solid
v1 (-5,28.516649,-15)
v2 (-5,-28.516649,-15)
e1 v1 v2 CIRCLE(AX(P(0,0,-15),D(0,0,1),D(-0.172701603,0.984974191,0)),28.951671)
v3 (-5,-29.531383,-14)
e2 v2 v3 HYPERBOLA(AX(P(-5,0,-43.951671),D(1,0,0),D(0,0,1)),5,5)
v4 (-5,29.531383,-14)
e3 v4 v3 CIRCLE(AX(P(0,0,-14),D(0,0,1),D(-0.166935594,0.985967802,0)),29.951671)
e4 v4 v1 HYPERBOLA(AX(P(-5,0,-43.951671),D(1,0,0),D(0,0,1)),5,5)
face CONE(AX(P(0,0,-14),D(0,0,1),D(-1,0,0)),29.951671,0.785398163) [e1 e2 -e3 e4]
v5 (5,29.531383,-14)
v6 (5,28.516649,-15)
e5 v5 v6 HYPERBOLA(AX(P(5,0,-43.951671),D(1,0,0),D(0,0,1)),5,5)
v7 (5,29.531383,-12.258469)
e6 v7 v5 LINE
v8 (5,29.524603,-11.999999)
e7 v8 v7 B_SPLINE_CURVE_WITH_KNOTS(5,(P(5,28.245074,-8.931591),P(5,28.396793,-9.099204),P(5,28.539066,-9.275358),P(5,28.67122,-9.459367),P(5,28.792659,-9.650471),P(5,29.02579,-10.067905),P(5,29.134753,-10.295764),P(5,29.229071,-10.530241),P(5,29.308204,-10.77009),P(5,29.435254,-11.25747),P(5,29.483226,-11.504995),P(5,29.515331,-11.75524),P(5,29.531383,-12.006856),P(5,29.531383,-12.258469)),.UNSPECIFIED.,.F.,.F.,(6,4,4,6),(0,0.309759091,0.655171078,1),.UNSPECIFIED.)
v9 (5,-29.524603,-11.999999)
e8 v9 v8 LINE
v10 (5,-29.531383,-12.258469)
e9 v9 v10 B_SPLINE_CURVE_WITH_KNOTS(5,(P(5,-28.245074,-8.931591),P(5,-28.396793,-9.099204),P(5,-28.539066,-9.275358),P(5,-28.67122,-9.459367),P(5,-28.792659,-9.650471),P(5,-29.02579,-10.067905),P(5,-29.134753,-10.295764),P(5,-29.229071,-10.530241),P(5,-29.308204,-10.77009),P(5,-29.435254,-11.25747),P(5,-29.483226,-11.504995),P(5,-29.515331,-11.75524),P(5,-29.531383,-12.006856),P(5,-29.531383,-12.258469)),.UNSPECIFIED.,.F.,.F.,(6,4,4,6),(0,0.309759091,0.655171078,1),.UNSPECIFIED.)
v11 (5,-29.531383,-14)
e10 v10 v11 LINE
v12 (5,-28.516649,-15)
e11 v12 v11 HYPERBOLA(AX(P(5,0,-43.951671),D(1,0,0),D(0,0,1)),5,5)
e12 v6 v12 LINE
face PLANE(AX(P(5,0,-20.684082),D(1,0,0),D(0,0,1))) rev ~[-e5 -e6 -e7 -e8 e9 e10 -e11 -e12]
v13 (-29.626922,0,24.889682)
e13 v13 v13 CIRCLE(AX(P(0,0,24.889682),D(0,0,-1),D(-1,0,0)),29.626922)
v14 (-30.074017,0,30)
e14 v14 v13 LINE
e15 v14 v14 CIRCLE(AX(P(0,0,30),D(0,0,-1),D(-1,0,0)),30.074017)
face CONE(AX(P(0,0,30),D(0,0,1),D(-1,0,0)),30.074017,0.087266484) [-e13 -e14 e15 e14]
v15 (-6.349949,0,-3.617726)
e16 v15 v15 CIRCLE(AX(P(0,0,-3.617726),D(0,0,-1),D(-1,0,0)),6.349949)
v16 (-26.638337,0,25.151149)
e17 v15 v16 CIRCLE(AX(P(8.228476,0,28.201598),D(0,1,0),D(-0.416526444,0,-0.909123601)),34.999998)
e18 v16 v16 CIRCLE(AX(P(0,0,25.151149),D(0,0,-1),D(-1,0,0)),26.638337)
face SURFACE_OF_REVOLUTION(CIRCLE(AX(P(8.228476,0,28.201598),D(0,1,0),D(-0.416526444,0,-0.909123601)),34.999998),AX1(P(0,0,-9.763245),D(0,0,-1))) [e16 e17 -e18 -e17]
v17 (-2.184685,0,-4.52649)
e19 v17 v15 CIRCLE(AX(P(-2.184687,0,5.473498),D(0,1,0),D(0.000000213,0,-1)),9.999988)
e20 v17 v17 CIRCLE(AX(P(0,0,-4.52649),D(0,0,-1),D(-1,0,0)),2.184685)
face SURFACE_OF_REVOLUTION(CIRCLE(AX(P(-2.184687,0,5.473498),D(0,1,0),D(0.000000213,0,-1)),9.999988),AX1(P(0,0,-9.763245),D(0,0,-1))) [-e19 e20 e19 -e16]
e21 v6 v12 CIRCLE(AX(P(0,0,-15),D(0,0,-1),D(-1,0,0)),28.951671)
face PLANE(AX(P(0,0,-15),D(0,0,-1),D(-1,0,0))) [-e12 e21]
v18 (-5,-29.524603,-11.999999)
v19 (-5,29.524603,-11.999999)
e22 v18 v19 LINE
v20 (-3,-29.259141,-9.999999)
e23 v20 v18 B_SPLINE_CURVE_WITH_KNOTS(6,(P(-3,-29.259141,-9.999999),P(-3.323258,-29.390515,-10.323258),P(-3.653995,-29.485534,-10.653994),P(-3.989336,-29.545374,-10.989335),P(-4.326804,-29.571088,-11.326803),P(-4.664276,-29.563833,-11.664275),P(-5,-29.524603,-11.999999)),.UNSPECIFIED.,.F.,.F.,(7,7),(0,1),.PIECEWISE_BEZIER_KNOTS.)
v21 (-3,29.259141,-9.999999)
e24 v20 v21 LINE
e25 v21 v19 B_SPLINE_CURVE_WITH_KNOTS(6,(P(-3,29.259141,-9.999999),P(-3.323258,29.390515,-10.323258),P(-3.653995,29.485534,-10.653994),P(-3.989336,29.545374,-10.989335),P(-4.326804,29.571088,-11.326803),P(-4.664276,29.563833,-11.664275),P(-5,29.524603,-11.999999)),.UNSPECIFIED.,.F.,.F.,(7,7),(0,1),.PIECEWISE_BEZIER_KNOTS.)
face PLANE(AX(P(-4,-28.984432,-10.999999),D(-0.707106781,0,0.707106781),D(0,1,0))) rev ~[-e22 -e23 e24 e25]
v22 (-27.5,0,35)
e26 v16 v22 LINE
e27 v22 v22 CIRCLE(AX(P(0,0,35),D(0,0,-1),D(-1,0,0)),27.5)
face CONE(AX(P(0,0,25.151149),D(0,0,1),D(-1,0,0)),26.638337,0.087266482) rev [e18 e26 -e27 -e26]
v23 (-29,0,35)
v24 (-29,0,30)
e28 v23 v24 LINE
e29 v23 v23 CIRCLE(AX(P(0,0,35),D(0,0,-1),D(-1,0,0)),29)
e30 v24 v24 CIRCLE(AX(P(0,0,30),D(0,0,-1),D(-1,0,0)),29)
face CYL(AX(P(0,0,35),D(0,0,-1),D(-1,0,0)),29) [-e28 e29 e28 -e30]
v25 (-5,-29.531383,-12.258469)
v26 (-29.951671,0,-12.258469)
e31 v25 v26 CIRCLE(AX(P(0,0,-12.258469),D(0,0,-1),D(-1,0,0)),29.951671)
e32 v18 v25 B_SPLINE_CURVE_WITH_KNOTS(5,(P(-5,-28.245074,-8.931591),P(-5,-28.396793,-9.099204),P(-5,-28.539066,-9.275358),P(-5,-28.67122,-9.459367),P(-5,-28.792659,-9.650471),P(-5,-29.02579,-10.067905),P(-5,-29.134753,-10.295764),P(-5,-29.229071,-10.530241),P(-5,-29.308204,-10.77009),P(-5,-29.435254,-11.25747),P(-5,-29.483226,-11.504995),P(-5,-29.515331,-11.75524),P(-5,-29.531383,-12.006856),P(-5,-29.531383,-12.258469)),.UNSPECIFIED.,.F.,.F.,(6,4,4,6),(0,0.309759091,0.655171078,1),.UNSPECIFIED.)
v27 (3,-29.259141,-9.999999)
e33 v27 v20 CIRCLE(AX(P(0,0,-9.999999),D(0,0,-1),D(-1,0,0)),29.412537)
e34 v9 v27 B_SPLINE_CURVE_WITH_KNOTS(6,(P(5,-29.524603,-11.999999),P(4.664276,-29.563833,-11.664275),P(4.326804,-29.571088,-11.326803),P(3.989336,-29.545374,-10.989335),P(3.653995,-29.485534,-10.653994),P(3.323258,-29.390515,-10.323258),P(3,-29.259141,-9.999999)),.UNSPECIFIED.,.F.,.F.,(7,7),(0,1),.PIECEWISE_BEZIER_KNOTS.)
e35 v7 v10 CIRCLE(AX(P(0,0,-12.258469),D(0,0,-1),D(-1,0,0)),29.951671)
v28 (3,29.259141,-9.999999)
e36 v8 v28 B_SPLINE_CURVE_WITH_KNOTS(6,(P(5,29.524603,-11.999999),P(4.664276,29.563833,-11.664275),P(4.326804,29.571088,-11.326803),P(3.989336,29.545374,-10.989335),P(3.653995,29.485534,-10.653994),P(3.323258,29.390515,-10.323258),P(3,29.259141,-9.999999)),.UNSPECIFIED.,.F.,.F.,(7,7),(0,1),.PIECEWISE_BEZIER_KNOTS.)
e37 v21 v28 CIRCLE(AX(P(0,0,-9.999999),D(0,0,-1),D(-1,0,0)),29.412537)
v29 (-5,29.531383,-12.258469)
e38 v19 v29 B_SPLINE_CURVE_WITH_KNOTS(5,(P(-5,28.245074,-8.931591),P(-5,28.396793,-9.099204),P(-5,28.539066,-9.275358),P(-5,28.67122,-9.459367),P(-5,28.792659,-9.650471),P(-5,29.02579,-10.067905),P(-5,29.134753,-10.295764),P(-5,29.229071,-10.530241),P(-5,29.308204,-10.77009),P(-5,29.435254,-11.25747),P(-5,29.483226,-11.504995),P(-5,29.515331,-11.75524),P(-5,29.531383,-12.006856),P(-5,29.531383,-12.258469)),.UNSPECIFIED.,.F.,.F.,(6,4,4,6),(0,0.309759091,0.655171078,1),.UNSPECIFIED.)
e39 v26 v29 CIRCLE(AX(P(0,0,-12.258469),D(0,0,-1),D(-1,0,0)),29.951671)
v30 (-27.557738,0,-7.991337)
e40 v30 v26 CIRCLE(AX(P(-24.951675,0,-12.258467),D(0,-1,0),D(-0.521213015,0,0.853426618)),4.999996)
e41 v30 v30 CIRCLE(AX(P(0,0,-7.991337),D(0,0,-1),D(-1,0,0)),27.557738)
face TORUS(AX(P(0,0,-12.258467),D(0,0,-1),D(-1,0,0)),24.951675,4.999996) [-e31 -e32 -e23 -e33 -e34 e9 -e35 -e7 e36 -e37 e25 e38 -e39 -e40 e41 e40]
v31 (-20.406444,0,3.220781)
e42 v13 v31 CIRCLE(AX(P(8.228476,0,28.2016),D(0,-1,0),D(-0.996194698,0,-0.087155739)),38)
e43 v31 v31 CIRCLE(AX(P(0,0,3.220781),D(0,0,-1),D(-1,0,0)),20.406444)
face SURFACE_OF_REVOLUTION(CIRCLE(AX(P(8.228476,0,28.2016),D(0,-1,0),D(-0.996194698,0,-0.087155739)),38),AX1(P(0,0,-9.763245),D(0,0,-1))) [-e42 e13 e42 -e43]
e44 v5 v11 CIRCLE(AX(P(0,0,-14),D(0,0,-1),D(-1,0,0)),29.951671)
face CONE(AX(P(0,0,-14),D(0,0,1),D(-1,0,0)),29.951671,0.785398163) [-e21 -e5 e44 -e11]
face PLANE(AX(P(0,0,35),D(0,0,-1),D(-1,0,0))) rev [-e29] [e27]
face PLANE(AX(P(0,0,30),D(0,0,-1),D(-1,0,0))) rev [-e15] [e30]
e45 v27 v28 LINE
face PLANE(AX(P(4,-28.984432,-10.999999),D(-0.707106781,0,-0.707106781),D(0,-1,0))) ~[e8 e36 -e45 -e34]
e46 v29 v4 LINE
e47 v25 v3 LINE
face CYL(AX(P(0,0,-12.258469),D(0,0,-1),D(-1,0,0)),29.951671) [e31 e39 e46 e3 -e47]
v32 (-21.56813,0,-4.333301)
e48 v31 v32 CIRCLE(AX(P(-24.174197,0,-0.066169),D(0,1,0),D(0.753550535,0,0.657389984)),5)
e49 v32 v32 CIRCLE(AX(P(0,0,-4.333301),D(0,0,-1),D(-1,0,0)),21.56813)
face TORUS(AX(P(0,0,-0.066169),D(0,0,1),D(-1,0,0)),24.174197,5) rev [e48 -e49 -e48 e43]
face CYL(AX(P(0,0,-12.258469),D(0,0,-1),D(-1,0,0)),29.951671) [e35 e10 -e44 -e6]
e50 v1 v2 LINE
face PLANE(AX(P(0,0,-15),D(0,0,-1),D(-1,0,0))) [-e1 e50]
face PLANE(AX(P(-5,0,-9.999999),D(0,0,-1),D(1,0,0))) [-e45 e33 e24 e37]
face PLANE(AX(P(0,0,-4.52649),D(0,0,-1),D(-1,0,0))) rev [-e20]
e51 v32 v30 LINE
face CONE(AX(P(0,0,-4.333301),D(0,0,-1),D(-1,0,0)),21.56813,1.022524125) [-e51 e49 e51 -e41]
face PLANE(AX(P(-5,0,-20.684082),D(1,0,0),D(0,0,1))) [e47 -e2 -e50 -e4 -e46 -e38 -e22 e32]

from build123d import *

# Parameters (mm, degrees)
F2_W     = 10
F2_H     = 10.684083
F3_DEPTH = 40.5
F4_SIZE  = 2


with BuildPart() as f1:
    # F0 (on Front) → F1 (revolve)
    with BuildSketch(Plane.XZ):
        with BuildLine():
            ThreePointArc((-6.349949, -3.617726), (-20.37432, 8.030333), (-26.638337, 25.151149))
            Line((-26.638337, 25.151149), (-27.5, 35))
            Line((-27.5, 35), (-29, 35))
            Line((-29, 35), (-29, 30))
            Line((-29, 30), (-30.074017, 30))
            Line((-30.074017, 30), (-29.626922, 24.889682))
            ThreePointArc((-29.626922, 24.889682), (-26.737592, 13.322956), (-20.406444, 3.220781))
            ThreePointArc((-20.406444, 3.220781), (-19.232291, -0.826148), (-21.56813, -4.333301))
            Line((-21.56813, -4.333301), (-27.557738, -7.991337))
            ThreePointArc((-27.557738, -7.991337), (-29.31231, -9.812077), (-29.951671, -12.258469))
            Line((-29.951671, -12.258469), (-29.951671, -14))
            Line((-29.951671, -14), (-28.951671, -15))
            Line((-28.951671, -15), (0, -15))
            Line((0, -15), (0, -4.52649))
            Line((0, -4.52649), (-2.184685, -4.52649))
            ThreePointArc((-2.184685, -4.52649), (-4.316309, -4.296658), (-6.349949, -3.617726))
        make_face()
    revolve(axis=Axis((0, 0, -9.763245), (0, 0, -1)))

    # F2 (on Front) → F3 (cut, symmetric)
    with BuildSketch(Plane.XZ):
        with Locations((0, -15.342041)):
            Rectangle(F2_W, F2_H)
    extrude(amount=F3_DEPTH, both=True, mode=Mode.SUBTRACT)

    # F4
    f4_edges = [f1.edges().sort_by_distance(p)[0] for p in [
        (-5, 0, -10),
        (5, 0, -10),
    ]]
    chamfer(f4_edges, length=F4_SIZE)


solid = f1.part
